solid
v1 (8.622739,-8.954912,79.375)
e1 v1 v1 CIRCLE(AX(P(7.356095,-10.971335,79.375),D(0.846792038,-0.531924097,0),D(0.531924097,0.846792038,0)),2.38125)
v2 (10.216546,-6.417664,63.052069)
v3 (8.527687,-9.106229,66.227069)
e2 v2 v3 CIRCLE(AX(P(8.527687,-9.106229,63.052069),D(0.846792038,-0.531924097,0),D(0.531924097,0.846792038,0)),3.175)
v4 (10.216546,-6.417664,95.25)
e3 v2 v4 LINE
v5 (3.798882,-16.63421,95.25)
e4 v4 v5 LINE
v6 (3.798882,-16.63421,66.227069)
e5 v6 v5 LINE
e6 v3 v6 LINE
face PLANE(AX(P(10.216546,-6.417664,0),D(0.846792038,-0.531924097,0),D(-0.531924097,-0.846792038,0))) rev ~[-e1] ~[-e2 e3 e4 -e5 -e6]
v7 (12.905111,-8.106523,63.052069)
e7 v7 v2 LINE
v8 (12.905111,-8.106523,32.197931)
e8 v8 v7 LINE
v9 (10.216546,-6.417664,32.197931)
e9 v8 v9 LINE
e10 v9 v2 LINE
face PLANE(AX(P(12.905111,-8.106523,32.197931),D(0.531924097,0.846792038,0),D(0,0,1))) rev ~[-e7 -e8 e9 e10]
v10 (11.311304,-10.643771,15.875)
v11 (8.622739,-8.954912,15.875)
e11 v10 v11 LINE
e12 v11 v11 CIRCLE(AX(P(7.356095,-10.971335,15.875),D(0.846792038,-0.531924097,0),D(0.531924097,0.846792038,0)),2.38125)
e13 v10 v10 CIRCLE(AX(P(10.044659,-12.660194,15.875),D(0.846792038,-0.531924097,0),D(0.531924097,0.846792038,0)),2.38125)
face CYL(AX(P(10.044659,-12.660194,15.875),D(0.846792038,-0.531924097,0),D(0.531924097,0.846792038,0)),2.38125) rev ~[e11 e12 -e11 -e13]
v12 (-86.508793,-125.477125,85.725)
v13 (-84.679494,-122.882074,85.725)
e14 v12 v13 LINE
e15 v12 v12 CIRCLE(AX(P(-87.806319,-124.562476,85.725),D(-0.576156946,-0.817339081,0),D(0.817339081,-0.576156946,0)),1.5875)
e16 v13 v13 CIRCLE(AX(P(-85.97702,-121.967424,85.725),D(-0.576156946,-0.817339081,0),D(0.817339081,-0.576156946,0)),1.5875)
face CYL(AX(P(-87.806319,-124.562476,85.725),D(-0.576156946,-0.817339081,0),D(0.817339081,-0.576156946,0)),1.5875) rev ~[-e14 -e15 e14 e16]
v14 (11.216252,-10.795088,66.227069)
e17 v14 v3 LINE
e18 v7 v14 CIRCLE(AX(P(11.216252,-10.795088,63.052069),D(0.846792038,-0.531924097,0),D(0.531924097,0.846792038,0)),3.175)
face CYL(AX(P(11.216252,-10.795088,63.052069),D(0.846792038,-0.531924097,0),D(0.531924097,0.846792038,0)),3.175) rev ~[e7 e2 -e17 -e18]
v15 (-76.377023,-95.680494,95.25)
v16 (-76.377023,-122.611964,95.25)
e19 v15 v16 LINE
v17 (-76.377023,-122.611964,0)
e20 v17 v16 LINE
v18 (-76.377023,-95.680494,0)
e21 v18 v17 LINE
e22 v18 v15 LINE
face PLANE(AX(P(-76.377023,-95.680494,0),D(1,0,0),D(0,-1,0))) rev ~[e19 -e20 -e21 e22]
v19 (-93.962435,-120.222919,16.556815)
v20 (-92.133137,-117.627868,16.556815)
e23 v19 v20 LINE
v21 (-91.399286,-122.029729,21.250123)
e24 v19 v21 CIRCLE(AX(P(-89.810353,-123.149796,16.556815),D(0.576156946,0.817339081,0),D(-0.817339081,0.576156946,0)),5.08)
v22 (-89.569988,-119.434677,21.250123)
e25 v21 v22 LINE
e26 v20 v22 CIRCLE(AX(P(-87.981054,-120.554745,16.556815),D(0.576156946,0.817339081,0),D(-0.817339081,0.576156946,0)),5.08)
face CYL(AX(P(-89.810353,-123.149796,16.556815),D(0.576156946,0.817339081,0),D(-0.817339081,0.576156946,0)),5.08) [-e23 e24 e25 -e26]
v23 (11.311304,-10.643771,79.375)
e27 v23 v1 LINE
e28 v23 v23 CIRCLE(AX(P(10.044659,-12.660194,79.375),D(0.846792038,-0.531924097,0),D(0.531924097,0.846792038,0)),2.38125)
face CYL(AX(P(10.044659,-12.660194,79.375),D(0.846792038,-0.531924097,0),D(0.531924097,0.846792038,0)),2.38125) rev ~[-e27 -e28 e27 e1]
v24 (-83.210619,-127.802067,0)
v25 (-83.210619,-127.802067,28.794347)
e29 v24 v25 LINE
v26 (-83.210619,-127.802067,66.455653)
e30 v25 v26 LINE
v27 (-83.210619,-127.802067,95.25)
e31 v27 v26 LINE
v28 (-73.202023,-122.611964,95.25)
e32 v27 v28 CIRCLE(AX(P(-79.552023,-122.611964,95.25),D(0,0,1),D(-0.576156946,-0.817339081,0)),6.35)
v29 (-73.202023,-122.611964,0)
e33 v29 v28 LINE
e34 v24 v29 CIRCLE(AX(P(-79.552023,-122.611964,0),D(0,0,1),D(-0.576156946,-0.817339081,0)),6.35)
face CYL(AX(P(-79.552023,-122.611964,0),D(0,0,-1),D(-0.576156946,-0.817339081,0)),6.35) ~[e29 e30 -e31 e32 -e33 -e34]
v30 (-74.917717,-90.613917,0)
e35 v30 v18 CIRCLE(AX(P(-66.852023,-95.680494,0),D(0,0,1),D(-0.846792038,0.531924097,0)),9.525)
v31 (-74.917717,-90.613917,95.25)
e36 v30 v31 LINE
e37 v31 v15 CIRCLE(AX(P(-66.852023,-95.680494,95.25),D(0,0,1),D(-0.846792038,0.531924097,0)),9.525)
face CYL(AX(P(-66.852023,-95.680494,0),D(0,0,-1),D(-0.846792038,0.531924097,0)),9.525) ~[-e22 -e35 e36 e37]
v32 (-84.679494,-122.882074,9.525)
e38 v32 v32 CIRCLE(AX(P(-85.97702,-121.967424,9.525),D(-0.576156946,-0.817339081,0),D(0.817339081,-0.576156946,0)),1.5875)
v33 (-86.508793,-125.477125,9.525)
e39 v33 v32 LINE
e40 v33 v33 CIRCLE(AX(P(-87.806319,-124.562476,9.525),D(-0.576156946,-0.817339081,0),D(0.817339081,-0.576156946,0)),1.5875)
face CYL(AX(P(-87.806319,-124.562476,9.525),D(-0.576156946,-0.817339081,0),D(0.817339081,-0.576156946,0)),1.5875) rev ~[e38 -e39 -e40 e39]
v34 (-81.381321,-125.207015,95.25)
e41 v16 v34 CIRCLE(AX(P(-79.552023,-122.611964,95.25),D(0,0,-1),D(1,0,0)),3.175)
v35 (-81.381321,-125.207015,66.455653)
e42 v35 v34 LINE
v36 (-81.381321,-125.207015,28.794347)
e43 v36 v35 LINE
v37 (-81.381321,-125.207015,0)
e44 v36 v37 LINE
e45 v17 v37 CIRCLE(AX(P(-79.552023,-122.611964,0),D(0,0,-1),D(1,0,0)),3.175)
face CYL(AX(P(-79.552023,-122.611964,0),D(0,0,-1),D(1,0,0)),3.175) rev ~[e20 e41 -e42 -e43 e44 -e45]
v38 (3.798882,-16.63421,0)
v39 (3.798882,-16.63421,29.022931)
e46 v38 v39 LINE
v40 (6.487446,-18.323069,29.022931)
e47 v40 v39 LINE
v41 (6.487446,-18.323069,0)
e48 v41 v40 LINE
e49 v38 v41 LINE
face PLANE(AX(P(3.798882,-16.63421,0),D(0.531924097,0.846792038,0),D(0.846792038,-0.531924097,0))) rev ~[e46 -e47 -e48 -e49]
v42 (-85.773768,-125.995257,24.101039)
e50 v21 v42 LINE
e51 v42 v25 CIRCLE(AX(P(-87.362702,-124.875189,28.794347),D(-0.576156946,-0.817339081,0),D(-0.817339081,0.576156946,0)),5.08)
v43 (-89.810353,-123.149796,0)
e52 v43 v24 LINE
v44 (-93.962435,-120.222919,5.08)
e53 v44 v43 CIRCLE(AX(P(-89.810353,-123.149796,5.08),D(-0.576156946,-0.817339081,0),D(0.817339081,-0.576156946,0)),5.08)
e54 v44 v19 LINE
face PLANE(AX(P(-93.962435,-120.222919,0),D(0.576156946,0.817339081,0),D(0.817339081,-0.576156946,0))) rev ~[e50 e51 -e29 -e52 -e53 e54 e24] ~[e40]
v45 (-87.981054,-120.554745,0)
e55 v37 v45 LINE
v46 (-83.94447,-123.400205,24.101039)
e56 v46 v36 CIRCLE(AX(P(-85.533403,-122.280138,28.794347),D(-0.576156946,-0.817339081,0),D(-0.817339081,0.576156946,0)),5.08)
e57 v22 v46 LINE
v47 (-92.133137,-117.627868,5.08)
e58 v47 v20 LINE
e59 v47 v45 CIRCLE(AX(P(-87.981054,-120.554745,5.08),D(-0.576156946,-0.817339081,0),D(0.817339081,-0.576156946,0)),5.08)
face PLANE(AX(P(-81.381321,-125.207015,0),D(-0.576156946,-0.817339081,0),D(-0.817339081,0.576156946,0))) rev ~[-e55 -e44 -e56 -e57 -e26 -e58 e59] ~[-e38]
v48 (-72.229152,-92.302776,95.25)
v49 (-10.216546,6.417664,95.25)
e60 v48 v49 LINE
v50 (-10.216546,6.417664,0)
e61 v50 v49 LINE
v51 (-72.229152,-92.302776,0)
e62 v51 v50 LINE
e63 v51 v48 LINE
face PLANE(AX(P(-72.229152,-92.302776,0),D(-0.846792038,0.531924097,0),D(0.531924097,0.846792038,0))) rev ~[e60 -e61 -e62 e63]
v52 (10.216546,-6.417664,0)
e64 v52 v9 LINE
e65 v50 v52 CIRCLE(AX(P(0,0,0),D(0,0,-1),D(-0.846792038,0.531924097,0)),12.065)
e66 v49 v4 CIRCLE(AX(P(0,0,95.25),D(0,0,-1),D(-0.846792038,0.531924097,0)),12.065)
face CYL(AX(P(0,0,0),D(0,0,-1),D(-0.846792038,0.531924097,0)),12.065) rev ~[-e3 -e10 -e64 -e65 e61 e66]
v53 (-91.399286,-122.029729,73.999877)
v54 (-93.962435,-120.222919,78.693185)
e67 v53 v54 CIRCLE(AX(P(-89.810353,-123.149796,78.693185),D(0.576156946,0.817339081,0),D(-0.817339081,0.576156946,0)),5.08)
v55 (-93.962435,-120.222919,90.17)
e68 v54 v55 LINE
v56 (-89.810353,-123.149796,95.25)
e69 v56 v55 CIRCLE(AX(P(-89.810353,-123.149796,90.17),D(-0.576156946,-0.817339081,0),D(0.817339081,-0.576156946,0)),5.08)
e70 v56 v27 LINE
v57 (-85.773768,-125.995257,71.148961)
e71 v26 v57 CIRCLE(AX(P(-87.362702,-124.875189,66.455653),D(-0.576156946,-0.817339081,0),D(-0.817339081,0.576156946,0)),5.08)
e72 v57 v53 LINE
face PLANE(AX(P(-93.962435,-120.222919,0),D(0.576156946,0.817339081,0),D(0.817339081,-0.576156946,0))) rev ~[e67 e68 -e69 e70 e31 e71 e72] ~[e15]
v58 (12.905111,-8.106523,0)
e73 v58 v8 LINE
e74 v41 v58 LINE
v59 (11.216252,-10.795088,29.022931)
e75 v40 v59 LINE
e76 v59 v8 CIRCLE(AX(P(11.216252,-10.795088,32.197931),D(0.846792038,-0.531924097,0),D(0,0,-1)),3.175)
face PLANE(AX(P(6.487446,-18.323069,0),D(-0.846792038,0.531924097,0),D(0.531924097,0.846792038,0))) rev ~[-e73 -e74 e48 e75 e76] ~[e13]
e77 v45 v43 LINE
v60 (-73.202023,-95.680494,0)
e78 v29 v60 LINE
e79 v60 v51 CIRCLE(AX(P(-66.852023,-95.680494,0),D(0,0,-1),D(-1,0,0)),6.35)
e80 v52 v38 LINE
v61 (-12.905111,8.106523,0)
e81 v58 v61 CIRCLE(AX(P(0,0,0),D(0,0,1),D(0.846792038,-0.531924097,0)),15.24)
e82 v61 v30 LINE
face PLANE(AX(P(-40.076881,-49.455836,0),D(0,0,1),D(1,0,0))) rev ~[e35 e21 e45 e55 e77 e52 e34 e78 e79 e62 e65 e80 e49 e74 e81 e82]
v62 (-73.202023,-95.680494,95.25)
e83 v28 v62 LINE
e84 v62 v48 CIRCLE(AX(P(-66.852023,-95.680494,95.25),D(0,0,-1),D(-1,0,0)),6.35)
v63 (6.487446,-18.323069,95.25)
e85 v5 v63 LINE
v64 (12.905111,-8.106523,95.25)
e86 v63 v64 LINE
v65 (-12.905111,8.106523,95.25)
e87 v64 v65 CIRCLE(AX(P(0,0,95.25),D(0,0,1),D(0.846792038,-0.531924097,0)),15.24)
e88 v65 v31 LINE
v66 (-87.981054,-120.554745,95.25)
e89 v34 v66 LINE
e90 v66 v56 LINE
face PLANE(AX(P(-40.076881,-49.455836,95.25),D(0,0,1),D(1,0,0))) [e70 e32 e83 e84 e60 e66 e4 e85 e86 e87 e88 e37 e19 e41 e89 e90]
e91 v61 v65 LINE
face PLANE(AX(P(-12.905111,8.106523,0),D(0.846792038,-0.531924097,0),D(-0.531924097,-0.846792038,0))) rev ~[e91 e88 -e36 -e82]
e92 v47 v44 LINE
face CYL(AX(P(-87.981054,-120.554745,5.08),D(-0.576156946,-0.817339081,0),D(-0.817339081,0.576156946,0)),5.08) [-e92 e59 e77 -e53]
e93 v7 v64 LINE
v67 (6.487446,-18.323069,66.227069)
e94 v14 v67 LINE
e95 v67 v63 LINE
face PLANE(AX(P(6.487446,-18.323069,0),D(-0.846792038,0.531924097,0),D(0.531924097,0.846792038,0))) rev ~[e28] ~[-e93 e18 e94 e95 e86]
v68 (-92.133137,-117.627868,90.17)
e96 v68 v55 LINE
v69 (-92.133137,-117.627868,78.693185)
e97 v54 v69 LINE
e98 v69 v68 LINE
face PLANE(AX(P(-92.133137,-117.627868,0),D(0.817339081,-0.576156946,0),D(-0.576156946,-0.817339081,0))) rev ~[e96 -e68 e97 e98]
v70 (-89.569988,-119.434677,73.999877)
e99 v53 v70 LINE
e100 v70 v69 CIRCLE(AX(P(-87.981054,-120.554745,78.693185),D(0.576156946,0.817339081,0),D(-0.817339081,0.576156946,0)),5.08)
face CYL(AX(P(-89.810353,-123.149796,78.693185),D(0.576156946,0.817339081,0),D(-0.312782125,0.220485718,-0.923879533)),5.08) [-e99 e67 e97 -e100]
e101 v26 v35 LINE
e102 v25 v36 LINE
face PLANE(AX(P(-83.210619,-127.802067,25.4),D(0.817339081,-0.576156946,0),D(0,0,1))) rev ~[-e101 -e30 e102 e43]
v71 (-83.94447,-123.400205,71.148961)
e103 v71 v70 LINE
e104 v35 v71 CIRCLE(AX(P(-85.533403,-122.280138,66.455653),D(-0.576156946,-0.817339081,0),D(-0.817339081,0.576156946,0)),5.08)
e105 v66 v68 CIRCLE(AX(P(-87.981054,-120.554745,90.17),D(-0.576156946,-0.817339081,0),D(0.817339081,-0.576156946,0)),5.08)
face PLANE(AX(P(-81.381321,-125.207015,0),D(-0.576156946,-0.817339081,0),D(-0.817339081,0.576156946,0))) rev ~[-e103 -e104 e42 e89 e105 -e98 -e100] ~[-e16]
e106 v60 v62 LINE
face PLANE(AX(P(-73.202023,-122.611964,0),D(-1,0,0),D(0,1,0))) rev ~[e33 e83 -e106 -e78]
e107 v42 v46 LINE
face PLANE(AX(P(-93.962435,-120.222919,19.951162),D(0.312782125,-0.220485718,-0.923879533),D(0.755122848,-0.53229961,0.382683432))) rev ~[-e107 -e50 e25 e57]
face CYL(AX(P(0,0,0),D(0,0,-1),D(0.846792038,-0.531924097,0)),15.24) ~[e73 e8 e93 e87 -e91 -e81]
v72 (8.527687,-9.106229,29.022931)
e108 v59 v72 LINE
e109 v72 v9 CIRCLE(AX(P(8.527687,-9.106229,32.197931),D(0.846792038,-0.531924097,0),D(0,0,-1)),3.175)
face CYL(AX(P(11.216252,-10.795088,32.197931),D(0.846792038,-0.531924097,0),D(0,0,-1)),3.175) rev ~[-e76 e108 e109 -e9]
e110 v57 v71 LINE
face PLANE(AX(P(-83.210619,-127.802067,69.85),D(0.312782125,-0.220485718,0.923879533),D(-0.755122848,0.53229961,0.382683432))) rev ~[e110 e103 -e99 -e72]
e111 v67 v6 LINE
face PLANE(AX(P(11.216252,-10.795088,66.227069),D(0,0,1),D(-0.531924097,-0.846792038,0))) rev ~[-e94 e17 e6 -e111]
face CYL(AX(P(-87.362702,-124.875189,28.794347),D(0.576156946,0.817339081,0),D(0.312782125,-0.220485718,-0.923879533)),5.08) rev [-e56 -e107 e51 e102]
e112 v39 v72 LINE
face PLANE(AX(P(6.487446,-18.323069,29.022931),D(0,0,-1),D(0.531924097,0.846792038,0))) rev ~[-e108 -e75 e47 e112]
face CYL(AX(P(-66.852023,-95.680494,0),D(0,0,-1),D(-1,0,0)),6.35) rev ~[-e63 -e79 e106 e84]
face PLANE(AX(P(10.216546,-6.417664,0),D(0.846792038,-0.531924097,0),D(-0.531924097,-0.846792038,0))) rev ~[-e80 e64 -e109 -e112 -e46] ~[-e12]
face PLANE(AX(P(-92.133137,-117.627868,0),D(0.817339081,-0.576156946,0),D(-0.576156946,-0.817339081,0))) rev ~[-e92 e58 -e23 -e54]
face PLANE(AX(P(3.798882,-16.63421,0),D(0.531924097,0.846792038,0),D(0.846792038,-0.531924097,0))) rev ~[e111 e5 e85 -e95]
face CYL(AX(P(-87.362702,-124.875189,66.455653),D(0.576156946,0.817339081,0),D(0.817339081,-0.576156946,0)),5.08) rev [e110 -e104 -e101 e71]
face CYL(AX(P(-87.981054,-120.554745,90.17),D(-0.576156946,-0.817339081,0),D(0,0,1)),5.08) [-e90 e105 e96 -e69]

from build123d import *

# Parameters (mm, degrees)
F1_DEPTH = 95.25
F2_R     = 1.5875
F3_DEPTH = 3.175
F4_DEPTH = 3.175
F5_R     = 5.08
F6_R     = 2.38125
F7_DEPTH = 3.175
F9_DEPTH = 12.7


with BuildPart() as f1:
    # F0 (on Top) → F1 (new body)
    with BuildSketch(Plane.XY):
        with BuildLine():
            Line((-92.1331368885, -117.6278676055), (-93.9624351915, -120.2229191885))
            Line((-93.9624351915, -120.2229191885), (-83.2106191336, -127.802066747))
            ThreePointArc((-83.2106191336, -127.802066747), (-76.6288041341, -128.2490988663), (-73.2020225275, -122.611963581))
            Line((-73.2020225275, -122.611963581), (-73.2020225275, -95.6804940123))
            ThreePointArc((-73.2020225275, -95.6804940123), (-72.9539595945, -93.922977574), (-72.2291519666, -92.3027759964))
            Line((-72.2291519666, -92.3027759964), (-10.2165459343, 6.4176642302))
            ThreePointArc((-10.2165459343, 6.4176642302), (6.4176642302, 10.2165459343), (10.2165459343, -6.4176642302))
            Line((10.2165459343, -6.4176642302), (3.7988817041, -16.6342101646))
            Line((3.7988817041, -16.6342101646), (6.4874464236, -18.3230691725))
            Line((6.4874464236, -18.3230691725), (12.9051106539, -8.1065232382))
            ThreePointArc((12.9051106539, -8.1065232382), (8.1065232382, 12.9051106539), (-12.9051106539, 8.1065232382))
            Line((-12.9051106539, 8.1065232382), (-74.9177166862, -90.6139169884))
            ThreePointArc((-74.9177166862, -90.6139169884), (-76.004928128, -93.0442193549), (-76.3770225275, -95.6804940123))
            Line((-76.3770225275, -95.6804940123), (-76.3770225275, -122.611963581))
            ThreePointArc((-76.3770225275, -122.611963581), (-78.0904133308, -125.4305312236), (-81.3813208306, -125.207015164))
            Line((-81.3813208306, -125.207015164), (-92.1331368885, -117.6278676055))
        make_face()
    extrude(amount=F1_DEPTH)

    # F2 (on face) → F3 (cut, through all)
    with BuildSketch(Plane(origin=(-87.8063185468, -124.562475984, 0), x_dir=(0.8173390813, -0.5761569458, 0), z_dir=(-0.5761569458, -0.8173390813, 0))):
        with Locations((0, 85.725)):
            Circle(F2_R)
        with Locations((0, 9.525)):
            Circle(F2_R)
    extrude(amount=-F3_DEPTH, mode=Mode.SUBTRACT)

    # F2 (on face) → F4 (cut, through all)
    with BuildSketch(Plane(origin=(-87.8063185468, -124.562475984, 0), x_dir=(0.8173390813, -0.5761569458, 0), z_dir=(-0.5761569458, -0.8173390813, 0))):
        Polygon((5.6227574559, 69.85), (-7.5319005121, 75.2988377387), (-7.5319005121, 19.9511622613), (5.6227574559, 25.4), align=None)
    extrude(amount=-F4_DEPTH, mode=Mode.SUBTRACT)

    # F5
    f5_edges = [f1.edges().sort_by_distance(p)[0] for p in [
        (-93.047786, -118.925393, 95.25),
        (-93.047786, -118.925393, 75.298838),
        (-82.29597, -126.504541, 69.85),
        (-82.29597, -126.504541, 25.4),
        (-93.047786, -118.925393, 19.951162),
        (-93.047786, -118.925393, 0),
    ]]
    fillet(f5_edges, radius=F5_R)

    # F6 (on face) → F7 (cut, through all)
    with BuildSketch(Plane(origin=(12.9051106539, -8.1065232382, 0), x_dir=(0.531924097, 0.8467920377, 0), z_dir=(0.8467920377, -0.531924097, 0))):
        with Locations((-5.377555266, 79.375)):
            Circle(F6_R)
        with Locations((-5.377555266, 15.875)):
            Circle(F6_R)
    extrude(amount=-F7_DEPTH, mode=Mode.SUBTRACT)

    # F8 (on face) → F9 (cut)
    with BuildSketch(Plane(origin=(12.9051106539, -8.1065232382, 0), x_dir=(0.531924097, 0.8467920377, 0), z_dir=(0.8467920377, -0.531924097, 0))):
        with BuildLine():
            Line((-3.175, 66.2270688534), (-12.065, 66.2270688534))
            Line((-12.065, 66.2270688534), (-12.065, 29.0229311466))
            Line((-12.065, 29.0229311466), (-3.175, 29.0229311466))
            ThreePointArc((-3.175, 29.0229311466), (-0.9299359697, 29.9528671164), (0, 32.1979311466))
            Line((0, 32.1979311466), (0, 63.0520688534))
            ThreePointArc((0, 63.0520688534), (-0.9299359697, 65.2971328836), (-3.175, 66.2270688534))
        make_face()
    extrude(amount=-F9_DEPTH, mode=Mode.SUBTRACT)


solid = f1.part
